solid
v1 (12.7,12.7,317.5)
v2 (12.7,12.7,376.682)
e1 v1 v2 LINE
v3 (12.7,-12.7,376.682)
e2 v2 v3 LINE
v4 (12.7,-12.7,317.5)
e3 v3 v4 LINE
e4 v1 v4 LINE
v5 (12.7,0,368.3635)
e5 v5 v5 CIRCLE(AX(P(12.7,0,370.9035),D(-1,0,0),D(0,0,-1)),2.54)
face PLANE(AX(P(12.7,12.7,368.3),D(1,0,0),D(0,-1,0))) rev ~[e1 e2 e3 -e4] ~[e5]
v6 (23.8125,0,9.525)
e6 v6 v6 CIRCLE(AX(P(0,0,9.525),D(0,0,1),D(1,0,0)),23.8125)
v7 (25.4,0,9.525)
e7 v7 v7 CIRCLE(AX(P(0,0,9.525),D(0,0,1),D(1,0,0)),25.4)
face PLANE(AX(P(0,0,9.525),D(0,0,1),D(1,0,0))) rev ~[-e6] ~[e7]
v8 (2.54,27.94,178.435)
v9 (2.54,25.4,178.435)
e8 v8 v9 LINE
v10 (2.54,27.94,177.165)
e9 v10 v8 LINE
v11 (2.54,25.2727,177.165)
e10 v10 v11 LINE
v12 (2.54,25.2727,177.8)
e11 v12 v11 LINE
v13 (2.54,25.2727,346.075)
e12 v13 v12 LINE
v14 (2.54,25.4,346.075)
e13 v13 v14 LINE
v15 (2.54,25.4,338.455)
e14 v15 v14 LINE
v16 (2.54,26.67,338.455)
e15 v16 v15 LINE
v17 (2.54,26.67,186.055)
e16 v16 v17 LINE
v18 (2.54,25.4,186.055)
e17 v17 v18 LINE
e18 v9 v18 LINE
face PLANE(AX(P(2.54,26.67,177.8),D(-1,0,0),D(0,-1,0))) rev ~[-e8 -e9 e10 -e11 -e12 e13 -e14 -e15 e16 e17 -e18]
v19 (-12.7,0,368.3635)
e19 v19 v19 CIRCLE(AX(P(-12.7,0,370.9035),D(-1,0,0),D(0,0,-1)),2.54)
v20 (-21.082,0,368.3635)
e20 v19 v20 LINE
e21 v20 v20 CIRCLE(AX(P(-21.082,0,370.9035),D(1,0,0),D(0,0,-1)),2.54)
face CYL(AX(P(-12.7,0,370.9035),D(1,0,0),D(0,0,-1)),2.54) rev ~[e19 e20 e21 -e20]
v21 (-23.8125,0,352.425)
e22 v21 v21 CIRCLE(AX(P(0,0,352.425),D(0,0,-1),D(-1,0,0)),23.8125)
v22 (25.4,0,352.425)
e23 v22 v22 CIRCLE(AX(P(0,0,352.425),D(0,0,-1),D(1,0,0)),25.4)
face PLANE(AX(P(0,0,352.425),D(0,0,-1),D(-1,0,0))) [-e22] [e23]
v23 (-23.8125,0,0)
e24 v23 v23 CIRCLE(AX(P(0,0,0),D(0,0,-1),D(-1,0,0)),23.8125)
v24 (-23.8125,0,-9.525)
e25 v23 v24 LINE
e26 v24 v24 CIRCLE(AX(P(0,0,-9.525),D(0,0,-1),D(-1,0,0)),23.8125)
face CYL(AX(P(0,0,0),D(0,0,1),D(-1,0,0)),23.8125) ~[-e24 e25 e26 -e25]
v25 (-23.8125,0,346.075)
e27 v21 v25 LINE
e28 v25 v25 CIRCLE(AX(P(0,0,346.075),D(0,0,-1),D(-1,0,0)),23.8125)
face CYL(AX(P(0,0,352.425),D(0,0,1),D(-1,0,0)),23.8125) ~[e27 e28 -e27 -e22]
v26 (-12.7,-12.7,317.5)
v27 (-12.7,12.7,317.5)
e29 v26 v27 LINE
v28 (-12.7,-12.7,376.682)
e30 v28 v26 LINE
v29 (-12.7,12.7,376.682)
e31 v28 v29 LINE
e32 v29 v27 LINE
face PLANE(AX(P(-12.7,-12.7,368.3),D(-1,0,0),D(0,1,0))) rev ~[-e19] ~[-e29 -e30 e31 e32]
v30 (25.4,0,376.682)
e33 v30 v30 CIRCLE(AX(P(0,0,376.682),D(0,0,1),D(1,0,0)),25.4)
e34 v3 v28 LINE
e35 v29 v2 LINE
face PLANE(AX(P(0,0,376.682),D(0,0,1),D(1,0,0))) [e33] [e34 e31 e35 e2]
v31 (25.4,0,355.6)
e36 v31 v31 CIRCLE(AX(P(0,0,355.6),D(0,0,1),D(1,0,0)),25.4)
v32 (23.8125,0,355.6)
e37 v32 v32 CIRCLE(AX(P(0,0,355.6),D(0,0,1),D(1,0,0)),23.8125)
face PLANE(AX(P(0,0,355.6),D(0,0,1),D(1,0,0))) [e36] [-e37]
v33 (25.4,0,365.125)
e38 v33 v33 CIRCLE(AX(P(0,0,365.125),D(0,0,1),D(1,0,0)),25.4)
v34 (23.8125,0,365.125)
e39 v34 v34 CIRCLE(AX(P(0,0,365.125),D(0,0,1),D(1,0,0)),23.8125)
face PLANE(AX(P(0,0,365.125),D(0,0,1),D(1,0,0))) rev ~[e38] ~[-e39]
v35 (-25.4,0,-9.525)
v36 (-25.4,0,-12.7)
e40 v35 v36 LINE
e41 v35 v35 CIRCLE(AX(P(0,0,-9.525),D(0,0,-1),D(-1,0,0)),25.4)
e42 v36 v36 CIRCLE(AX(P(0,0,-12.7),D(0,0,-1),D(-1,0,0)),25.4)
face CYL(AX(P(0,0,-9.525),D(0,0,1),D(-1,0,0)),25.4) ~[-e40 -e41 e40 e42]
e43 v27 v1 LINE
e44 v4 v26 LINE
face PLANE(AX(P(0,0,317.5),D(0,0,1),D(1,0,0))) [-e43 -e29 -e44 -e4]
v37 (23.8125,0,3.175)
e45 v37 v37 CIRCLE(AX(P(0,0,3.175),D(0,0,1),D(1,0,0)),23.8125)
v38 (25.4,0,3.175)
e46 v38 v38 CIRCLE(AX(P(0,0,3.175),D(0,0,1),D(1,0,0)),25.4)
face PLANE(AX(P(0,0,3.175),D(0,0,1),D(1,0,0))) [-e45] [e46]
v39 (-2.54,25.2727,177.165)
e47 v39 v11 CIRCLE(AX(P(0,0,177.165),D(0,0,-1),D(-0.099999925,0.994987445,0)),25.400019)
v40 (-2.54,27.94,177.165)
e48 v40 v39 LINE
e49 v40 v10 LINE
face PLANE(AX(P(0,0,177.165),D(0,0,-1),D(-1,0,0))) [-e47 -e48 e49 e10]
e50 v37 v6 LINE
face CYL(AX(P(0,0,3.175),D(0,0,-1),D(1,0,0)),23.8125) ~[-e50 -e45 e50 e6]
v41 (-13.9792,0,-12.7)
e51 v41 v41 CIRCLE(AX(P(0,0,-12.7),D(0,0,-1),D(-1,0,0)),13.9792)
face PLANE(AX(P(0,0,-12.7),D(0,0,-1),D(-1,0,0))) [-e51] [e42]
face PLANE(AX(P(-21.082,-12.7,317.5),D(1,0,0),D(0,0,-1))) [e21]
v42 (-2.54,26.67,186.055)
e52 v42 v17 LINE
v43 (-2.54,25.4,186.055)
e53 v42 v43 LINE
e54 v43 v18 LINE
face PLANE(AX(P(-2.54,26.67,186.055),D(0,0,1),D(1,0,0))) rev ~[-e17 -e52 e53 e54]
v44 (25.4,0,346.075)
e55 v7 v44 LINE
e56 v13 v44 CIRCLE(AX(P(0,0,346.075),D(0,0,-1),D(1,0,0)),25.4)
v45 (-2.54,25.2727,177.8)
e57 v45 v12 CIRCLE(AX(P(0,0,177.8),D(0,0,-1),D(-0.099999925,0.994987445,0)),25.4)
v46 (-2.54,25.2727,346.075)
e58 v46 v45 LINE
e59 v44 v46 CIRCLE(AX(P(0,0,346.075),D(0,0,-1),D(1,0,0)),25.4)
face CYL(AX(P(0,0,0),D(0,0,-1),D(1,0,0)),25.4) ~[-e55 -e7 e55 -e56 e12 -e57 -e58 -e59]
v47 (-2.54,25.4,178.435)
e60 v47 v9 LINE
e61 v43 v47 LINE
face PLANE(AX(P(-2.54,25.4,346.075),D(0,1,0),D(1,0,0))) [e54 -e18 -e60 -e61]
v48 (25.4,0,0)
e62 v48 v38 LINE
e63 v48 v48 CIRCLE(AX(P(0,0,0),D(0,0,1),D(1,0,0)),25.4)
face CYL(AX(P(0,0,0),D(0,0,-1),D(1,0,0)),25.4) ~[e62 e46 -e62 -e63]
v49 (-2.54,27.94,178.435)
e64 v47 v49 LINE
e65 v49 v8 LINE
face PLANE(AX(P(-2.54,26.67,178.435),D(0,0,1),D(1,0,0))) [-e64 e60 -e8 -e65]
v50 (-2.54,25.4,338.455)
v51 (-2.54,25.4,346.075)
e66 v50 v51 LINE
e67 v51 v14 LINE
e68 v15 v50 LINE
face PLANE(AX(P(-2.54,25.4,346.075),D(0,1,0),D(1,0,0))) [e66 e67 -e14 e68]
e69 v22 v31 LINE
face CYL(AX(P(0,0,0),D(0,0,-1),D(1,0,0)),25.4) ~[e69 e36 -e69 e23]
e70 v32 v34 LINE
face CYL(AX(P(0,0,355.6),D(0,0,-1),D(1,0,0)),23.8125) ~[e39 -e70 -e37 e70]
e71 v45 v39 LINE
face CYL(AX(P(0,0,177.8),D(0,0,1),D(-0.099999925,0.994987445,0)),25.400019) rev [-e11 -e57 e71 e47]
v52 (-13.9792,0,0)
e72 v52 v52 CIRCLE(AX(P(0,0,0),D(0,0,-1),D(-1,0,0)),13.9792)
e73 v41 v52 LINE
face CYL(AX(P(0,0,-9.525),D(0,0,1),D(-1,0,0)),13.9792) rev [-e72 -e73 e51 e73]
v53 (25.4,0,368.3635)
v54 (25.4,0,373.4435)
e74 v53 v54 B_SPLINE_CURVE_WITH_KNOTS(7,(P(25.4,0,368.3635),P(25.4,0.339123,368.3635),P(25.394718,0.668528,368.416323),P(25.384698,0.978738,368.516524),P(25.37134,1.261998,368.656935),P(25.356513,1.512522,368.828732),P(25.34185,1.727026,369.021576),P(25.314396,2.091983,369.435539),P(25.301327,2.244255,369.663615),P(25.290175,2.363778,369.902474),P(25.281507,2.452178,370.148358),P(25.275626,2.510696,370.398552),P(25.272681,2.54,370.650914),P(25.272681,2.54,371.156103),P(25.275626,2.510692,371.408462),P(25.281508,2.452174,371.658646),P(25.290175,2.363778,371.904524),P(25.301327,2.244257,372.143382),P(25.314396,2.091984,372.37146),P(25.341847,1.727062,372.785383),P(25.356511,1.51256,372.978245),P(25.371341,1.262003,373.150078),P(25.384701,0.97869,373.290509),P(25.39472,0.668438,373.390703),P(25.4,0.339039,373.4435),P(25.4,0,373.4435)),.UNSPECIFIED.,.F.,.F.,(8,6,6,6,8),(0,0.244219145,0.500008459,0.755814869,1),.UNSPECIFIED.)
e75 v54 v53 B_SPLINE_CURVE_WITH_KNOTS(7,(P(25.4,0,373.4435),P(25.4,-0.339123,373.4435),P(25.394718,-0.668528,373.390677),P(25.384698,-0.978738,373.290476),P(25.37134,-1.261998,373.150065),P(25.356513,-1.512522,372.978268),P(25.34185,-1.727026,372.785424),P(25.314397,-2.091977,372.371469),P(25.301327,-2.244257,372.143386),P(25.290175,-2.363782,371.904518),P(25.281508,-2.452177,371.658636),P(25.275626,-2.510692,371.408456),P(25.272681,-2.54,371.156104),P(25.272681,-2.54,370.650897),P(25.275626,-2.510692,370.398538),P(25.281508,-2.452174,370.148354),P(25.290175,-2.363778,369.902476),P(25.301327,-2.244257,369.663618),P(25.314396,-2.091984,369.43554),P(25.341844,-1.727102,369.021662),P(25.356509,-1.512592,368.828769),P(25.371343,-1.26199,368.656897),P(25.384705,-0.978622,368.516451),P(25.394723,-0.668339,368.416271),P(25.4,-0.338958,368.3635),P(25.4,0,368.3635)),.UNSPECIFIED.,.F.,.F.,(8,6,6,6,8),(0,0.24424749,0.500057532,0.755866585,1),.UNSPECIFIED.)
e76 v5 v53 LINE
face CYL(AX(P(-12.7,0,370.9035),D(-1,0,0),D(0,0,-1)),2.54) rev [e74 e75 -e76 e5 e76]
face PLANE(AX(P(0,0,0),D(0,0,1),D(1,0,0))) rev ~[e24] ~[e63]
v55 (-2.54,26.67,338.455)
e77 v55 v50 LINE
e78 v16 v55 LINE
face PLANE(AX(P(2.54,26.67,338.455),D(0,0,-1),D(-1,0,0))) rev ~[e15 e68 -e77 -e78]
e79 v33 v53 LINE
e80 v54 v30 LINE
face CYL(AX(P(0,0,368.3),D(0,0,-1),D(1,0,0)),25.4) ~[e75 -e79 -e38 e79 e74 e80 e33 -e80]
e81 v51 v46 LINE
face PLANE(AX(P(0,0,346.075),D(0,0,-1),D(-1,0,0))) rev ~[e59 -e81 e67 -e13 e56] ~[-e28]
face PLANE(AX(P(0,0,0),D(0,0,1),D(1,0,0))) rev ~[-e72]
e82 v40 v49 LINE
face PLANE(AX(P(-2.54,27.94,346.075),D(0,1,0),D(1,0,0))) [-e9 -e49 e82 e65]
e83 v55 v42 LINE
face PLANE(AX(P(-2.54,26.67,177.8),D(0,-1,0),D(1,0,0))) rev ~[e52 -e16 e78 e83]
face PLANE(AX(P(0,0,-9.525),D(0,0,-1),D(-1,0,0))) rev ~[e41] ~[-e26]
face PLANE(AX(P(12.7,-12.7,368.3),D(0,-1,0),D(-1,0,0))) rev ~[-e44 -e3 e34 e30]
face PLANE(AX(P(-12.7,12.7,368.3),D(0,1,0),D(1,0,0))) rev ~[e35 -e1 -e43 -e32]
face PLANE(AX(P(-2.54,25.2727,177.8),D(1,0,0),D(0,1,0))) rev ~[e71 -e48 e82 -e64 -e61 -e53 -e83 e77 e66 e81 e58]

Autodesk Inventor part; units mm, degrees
ref_plane "YZ Plane" through (0, 0, 0) normal (1, 0, 0) x (0, 1, 0)
ref_plane "XZ Plane" through (0, 0, 0) normal (0, 1, 0) x (-1, 0, 0)
ref_plane "XY Plane" through (0, 0, 0) normal (0, 0, 1) x (1, 0, 0)
sketch "Sketch1" plane through (0, 0, 0) normal (0, 0, 1) x (1, 0, 0)
  circle A0 centre (0, 0) radius 25.4
  dimension "d0" = 50.8
extrude "Extrusion1" add sketch "Sketch1" along normal blind 355.6
sketch "Sketch4" plane through (0, 0, 355.6) normal (0, 0, 1) x (1, 0, 0)
  line L0 (31.0854, 16.4706) -> (47.788, 16.4706)
  line L1 (47.788, 16.4706) -> (47.788, 0)
  line L2 (47.788, 0) -> (31.0854, 0)
  line L3 (31.0854, 0) -> (31.0854, 16.4706)
  point P0 (0, 0)
extrude "Extrusion4" add sketch "Sketch4" against normal blind 3.175
sketch "Sketch5" plane through (0, 0, 352.425) normal (0, 0, -1) x (-1, 0, 0)
  circle A0 centre (0, 0) radius 25.4
  circle A1 centre (0, 0) radius 23.8125
  dimension "d19" = 1.5875
extrude "Extrusion5" cut sketch "Sketch5" along normal blind 6.35
sketch "Sketch6" plane through (0, 0, 0) normal (0, 0, -1) x (-1, 0, 0)
  line L0 (29.0417, -43.641) -> (10.5178, -43.641)
  line L1 (10.5178, -43.641) -> (10.5178, -69.3861)
  line L2 (10.5178, -69.3861) -> (29.0417, -69.3861)
  line L3 (29.0417, -69.3861) -> (29.0417, -43.641)
  point P0 (0, 0)
extrude "Extrusion6" add sketch "Sketch6" against normal blind 3.175
sketch "Sketch7" plane through (0, 0, 3.175) normal (0, 0, 1) x (1, 0, 0)
  circle A0 centre (0, 0) radius 25.4
  circle A1 centre (0, 0) radius 23.8125
extrude "Extrusion7" cut sketch "Sketch7" along normal blind 6.35
sketch "Sketch8" plane through (-29.0417, -69.3861, 0) normal (-1, 0, 0) x (0, 0, 1)
  line L0 (0, 0) -> (0, 25.7451) projected
  line L1 (3.175, 25.7451) -> (3.175, 0) projected
  line L2 (0, 0) -> (3.175, 0)
  line L3 (3.175, 0) -> (3.175, 25.7451)
  line L4 (3.175, 25.7451) -> (0, 25.7451)
  line L5 (0, 25.7451) -> (0, 0)
  point P0 (0, 69.3861)
extrude "Extrusion8" cut sketch "Sketch8" against normal through all
sketch "Sketch9" plane through (0, 0, 355.6) normal (0, 0, 1) x (1, 0, 0)
  line L0 (31.0854, 16.4706) -> (47.788, 16.4706) projected
  line L1 (31.0854, 16.4706) -> (47.788, 16.4706)
  line L2 (47.788, 16.4706) -> (47.788, 0)
  line L3 (47.788, 0) -> (31.0854, 0)
  line L4 (31.0854, 0) -> (31.0854, 16.4706)
  point P0 (0, 0)
extrude "Extrusion9" cut sketch "Sketch9" against normal blind 6.35
sketch "Sketch10" plane through (0, 0, 346.075) normal (0, 0, 1) x (1, 0, 0)
  circle A0 centre (0, 0) radius 25.4 projected
  line L0 (2.54, 25.4) -> (2.54, 26.67)
  line L1 (2.54, 26.67) -> (0, 26.67)
  line L2 (0, 26.67) -> (0, 25.4)
  line L3 (-2.54, 25.4) -> (-2.54, 26.67)
  line L4 (-2.54, 26.67) -> (0, 26.67)
  line L5 (0, 26.67) -> (0, 25.4)
  arc A1 (2.54, 25.2727) -> (-2.54, 25.2727) centre (0, 0) ccw
  line L6 (2.54, 25.4) -> (2.54, 25.2727)
  line L7 (-2.54, 25.4) -> (-2.54, 25.2727)
  dimension "d30" = 2.54
  dimension "d31" = 1.27
  dimension "d32" = 2.54
  dimension "d33" = 1.27
extrude "Extrusion10" add sketch "Sketch10" against normal blind 168.275 contours A0 L2 L1 L0 L6 | L7 L3 L4 L2 A0
sketch "Sketch11" plane through (-2.54, 26.67, 346.075) normal (0, 1, 0) x (1, 0, 0)
  line L0 (5.08, 168.275) -> (0, 168.275) projected
  line L1 (0, 0) -> (0, 168.275) projected
  line L2 (5.08, 168.275) -> (0, 168.275)
  line L3 (0, 168.275) -> (0, 167.64)
  line L4 (0, 167.64) -> (5.08, 167.64)
  line L5 (5.08, 167.64) -> (5.08, 168.275)
  line L6 (5.08, 168.275) -> (0, 168.275)
  line L7 (0, 168.275) -> (0, 168.91)
  line L8 (0, 168.91) -> (5.08, 168.91)
  line L9 (5.08, 168.91) -> (5.08, 168.275)
  point P0 (2.54, 346.075)
  dimension "d36" = 0.635
  dimension "d37" = 0.635
sketch "Sketch12" plane through (0, 0, 177.8) normal (0, 0, -1) x (-1, 0, 0)
  line L0 (2.54, 26.67) -> (-2.54, 26.67) projected
  line L1 (-2.54, 26.67) -> (-2.54, 25.2727)
  line L2 (-2.54, 25.2727) -> (2.54, 25.2727)
  line L3 (2.54, 25.2727) -> (2.54, 26.67) projected
  line L4 (2.54, 26.67) -> (2.54, 25.2727)
  line L5 (-2.54, 26.67) -> (2.54, 26.67)
  arc A0 (2.54, 25.2727) -> (-2.54, 25.2727) centre (0, 0) ccw
  arc A1 (-2.54, 25.2727) -> (2.54, 25.2727) centre (0, 0) ccw projected
  arc A2 (2.54, 25.2727) -> (-2.54, 25.2727) centre (0, 0) ccw
extrude "Extrusion11" add sketch "Sketch12" along normal blind 0.635 contours L3 A0 L1 L0
extrude "Extrusion12" add sketch "Sketch11" along normal blind 1.27
sketch "Sketch13" plane through (0, 0, 355.6) normal (0, 0, 1) x (1, 0, 0)
  line L0 (13.9466, 0.955) -> (12.6912, 0.4731) projected
  line L1 (13.8404, 1.9655) -> (13.9466, 0.955) projected
  circle A0 centre (0, 0) radius 13.9792
  circle A1 centre (0, 0) radius 25.4
  circle A2 centre (0, 0) radius 23.8125 projected
  circle A3 centre (0, 0) radius 23.8125
extrude "Extrusion13" add sketch "Sketch13" along normal blind 9.525 contours A2
sketch "Sketch14" plane through (0, 0, 365.125) normal (0, 0, 1) x (1, 0, 0)
  circle A0 centre (0, 0) radius 25.4
  arc A1 (13.9792, 0) -> (13.9792, 0) centre (0, 0) ccw projected
  circle A2 centre (0, 0) radius 13.9792
extrude "Extrusion14" add sketch "Sketch14" along normal blind 3.175
sketch "Sketch16" plane through (0, 0, 0) normal (0, 0, -1) x (-1, 0, 0)
  circle A0 centre (0, 0) radius 23.8125
  circle A1 centre (0, 0) radius 13.9792
  point P0 (-13.9792, 0)
  point P1 (-13.9792, 0)
extrude "Extrusion15" add sketch "Sketch16" along normal blind 9.525
sketch "Sketch17" plane through (0, 0, -9.525) normal (0, 0, -1) x (-1, 0, 0)
  circle A0 centre (0, 0) radius 25.4
  line L0 (8.8437, -9.1148) -> (9.2337, -9.3135) projected
  circle A1 centre (0, 0) radius 13.9792
  point P0 (13.9792, 0)
extrude "Extrusion16" add sketch "Sketch17" along normal blind 3.175
sketch "Sketch18" plane through (-2.54, 26.67, 346.075) normal (0, 1, 0) x (1, 0, 0)
  line L0 (5.08, 168.91) -> (5.08, 0) projected
  line L1 (0, 0) -> (5.08, 0)
  line L2 (5.08, 0) -> (5.08, 7.62)
  line L3 (5.08, 7.62) -> (0, 7.62)
  line L4 (0, 7.62) -> (0, 0)
  line L5 (0, 167.64) -> (5.08, 167.64) projected
  line L6 (0, 0) -> (0, 168.91) projected
  line L7 (5.08, 167.64) -> (0, 167.64)
  line L8 (0, 167.64) -> (0, 160.02)
  line L9 (0, 160.02) -> (5.08, 160.02)
  line L10 (5.08, 160.02) -> (5.08, 167.64)
  point P0 (2.54, 346.075)
  dimension "d50" = 7.62
  dimension "d51" = 7.62
extrude "Extrusion17" cut sketch "Sketch18" against normal blind 1.27 contours L0 L9 L6 L5 | L0 L1 L4 L3
sketch "Sketch19" plane through (0, 0, 368.3) normal (0, 0, 1) x (1, 0, 0)
  circle A0 centre (0, 0) radius 15.0616
extrude "Extrusion18" add sketch "Sketch19" against normal blind 25.4
sketch "Sketch20" plane through (0, 0, 368.3) normal (0, 0, 1) x (1, 0, 0)
  line L0 (0, 0) -> (-25.4, 0)
  circle A0 centre (0, 0) radius 25.4 projected
  arc A1 (-12.6912, 0.4731) -> (-12.6912, -0.4731) centre (0, 0) ccw projected
  line L1 (-12.7, 0) -> (-12.7, 12.7)
  line L2 (-12.7, 12.7) -> (12.7, 12.7)
  line L3 (12.7, 12.7) -> (12.7, -12.7)
  line L4 (12.7, -12.7) -> (-12.7, -12.7)
  line L5 (-12.7, -12.7) -> (-12.7, 0)
  dimension "d56" = 12.7
  dimension "d57" = 25.4
  dimension "d58" = 25.4
  dimension "d59" = 25.4
extrude "Extrusion19" cut sketch "Sketch20" against normal blind 50.8 contours L1 L2 L3 L4 L5
sketch "Sketch24" plane through (0, 0, 368.3) normal (0, 0, 1) x (1, 0, 0)
  circle A0 centre (0, 0) radius 25.4
  line L0 (12.7, 12.7) -> (12.7, -12.7) projected
  line L1 (-12.7, -12.7) -> (-12.7, 12.7) projected
  line L2 (12.7, -12.7) -> (-12.7, -12.7)
  line L3 (-12.7, -12.7) -> (-12.7, 12.7)
  line L4 (-12.7, 12.7) -> (12.7, 12.7)
  line L5 (12.7, 12.7) -> (12.7, -12.7)
extrude "Extrusion24" add sketch "Sketch24" along normal blind 8.382
sketch "Sketch25" plane through (-12.7, -12.7, 317.5) normal (1, 0, 0) x (0, 0, -1)
  line L0 (-47.625, 38.1) -> (-59.182, 38.1) projected
  line L1 (-53.4035, 38.1) -> (-53.4035, -12.7)
  line L2 (-47.625, -12.7) -> (-59.182, -12.7) projected
  circle A0 centre (-53.4035, 12.7) radius 2.54
  point P0 (317.5, 12.7)
  dimension "d73" = 5.08
extrude "Extrusion25" cut sketch "Sketch25" against normal blind 8.382
extrude "Extrusion26" cut sketch "Sketch25" along normal blind 50.8
sketch "Sketch26" plane through (-12.7, -12.7, 317.5) normal (1, 0, 0) x (0, 0, -1)
  point P0 (317.5, 12.7)
properties part number "Axel_SBail"
